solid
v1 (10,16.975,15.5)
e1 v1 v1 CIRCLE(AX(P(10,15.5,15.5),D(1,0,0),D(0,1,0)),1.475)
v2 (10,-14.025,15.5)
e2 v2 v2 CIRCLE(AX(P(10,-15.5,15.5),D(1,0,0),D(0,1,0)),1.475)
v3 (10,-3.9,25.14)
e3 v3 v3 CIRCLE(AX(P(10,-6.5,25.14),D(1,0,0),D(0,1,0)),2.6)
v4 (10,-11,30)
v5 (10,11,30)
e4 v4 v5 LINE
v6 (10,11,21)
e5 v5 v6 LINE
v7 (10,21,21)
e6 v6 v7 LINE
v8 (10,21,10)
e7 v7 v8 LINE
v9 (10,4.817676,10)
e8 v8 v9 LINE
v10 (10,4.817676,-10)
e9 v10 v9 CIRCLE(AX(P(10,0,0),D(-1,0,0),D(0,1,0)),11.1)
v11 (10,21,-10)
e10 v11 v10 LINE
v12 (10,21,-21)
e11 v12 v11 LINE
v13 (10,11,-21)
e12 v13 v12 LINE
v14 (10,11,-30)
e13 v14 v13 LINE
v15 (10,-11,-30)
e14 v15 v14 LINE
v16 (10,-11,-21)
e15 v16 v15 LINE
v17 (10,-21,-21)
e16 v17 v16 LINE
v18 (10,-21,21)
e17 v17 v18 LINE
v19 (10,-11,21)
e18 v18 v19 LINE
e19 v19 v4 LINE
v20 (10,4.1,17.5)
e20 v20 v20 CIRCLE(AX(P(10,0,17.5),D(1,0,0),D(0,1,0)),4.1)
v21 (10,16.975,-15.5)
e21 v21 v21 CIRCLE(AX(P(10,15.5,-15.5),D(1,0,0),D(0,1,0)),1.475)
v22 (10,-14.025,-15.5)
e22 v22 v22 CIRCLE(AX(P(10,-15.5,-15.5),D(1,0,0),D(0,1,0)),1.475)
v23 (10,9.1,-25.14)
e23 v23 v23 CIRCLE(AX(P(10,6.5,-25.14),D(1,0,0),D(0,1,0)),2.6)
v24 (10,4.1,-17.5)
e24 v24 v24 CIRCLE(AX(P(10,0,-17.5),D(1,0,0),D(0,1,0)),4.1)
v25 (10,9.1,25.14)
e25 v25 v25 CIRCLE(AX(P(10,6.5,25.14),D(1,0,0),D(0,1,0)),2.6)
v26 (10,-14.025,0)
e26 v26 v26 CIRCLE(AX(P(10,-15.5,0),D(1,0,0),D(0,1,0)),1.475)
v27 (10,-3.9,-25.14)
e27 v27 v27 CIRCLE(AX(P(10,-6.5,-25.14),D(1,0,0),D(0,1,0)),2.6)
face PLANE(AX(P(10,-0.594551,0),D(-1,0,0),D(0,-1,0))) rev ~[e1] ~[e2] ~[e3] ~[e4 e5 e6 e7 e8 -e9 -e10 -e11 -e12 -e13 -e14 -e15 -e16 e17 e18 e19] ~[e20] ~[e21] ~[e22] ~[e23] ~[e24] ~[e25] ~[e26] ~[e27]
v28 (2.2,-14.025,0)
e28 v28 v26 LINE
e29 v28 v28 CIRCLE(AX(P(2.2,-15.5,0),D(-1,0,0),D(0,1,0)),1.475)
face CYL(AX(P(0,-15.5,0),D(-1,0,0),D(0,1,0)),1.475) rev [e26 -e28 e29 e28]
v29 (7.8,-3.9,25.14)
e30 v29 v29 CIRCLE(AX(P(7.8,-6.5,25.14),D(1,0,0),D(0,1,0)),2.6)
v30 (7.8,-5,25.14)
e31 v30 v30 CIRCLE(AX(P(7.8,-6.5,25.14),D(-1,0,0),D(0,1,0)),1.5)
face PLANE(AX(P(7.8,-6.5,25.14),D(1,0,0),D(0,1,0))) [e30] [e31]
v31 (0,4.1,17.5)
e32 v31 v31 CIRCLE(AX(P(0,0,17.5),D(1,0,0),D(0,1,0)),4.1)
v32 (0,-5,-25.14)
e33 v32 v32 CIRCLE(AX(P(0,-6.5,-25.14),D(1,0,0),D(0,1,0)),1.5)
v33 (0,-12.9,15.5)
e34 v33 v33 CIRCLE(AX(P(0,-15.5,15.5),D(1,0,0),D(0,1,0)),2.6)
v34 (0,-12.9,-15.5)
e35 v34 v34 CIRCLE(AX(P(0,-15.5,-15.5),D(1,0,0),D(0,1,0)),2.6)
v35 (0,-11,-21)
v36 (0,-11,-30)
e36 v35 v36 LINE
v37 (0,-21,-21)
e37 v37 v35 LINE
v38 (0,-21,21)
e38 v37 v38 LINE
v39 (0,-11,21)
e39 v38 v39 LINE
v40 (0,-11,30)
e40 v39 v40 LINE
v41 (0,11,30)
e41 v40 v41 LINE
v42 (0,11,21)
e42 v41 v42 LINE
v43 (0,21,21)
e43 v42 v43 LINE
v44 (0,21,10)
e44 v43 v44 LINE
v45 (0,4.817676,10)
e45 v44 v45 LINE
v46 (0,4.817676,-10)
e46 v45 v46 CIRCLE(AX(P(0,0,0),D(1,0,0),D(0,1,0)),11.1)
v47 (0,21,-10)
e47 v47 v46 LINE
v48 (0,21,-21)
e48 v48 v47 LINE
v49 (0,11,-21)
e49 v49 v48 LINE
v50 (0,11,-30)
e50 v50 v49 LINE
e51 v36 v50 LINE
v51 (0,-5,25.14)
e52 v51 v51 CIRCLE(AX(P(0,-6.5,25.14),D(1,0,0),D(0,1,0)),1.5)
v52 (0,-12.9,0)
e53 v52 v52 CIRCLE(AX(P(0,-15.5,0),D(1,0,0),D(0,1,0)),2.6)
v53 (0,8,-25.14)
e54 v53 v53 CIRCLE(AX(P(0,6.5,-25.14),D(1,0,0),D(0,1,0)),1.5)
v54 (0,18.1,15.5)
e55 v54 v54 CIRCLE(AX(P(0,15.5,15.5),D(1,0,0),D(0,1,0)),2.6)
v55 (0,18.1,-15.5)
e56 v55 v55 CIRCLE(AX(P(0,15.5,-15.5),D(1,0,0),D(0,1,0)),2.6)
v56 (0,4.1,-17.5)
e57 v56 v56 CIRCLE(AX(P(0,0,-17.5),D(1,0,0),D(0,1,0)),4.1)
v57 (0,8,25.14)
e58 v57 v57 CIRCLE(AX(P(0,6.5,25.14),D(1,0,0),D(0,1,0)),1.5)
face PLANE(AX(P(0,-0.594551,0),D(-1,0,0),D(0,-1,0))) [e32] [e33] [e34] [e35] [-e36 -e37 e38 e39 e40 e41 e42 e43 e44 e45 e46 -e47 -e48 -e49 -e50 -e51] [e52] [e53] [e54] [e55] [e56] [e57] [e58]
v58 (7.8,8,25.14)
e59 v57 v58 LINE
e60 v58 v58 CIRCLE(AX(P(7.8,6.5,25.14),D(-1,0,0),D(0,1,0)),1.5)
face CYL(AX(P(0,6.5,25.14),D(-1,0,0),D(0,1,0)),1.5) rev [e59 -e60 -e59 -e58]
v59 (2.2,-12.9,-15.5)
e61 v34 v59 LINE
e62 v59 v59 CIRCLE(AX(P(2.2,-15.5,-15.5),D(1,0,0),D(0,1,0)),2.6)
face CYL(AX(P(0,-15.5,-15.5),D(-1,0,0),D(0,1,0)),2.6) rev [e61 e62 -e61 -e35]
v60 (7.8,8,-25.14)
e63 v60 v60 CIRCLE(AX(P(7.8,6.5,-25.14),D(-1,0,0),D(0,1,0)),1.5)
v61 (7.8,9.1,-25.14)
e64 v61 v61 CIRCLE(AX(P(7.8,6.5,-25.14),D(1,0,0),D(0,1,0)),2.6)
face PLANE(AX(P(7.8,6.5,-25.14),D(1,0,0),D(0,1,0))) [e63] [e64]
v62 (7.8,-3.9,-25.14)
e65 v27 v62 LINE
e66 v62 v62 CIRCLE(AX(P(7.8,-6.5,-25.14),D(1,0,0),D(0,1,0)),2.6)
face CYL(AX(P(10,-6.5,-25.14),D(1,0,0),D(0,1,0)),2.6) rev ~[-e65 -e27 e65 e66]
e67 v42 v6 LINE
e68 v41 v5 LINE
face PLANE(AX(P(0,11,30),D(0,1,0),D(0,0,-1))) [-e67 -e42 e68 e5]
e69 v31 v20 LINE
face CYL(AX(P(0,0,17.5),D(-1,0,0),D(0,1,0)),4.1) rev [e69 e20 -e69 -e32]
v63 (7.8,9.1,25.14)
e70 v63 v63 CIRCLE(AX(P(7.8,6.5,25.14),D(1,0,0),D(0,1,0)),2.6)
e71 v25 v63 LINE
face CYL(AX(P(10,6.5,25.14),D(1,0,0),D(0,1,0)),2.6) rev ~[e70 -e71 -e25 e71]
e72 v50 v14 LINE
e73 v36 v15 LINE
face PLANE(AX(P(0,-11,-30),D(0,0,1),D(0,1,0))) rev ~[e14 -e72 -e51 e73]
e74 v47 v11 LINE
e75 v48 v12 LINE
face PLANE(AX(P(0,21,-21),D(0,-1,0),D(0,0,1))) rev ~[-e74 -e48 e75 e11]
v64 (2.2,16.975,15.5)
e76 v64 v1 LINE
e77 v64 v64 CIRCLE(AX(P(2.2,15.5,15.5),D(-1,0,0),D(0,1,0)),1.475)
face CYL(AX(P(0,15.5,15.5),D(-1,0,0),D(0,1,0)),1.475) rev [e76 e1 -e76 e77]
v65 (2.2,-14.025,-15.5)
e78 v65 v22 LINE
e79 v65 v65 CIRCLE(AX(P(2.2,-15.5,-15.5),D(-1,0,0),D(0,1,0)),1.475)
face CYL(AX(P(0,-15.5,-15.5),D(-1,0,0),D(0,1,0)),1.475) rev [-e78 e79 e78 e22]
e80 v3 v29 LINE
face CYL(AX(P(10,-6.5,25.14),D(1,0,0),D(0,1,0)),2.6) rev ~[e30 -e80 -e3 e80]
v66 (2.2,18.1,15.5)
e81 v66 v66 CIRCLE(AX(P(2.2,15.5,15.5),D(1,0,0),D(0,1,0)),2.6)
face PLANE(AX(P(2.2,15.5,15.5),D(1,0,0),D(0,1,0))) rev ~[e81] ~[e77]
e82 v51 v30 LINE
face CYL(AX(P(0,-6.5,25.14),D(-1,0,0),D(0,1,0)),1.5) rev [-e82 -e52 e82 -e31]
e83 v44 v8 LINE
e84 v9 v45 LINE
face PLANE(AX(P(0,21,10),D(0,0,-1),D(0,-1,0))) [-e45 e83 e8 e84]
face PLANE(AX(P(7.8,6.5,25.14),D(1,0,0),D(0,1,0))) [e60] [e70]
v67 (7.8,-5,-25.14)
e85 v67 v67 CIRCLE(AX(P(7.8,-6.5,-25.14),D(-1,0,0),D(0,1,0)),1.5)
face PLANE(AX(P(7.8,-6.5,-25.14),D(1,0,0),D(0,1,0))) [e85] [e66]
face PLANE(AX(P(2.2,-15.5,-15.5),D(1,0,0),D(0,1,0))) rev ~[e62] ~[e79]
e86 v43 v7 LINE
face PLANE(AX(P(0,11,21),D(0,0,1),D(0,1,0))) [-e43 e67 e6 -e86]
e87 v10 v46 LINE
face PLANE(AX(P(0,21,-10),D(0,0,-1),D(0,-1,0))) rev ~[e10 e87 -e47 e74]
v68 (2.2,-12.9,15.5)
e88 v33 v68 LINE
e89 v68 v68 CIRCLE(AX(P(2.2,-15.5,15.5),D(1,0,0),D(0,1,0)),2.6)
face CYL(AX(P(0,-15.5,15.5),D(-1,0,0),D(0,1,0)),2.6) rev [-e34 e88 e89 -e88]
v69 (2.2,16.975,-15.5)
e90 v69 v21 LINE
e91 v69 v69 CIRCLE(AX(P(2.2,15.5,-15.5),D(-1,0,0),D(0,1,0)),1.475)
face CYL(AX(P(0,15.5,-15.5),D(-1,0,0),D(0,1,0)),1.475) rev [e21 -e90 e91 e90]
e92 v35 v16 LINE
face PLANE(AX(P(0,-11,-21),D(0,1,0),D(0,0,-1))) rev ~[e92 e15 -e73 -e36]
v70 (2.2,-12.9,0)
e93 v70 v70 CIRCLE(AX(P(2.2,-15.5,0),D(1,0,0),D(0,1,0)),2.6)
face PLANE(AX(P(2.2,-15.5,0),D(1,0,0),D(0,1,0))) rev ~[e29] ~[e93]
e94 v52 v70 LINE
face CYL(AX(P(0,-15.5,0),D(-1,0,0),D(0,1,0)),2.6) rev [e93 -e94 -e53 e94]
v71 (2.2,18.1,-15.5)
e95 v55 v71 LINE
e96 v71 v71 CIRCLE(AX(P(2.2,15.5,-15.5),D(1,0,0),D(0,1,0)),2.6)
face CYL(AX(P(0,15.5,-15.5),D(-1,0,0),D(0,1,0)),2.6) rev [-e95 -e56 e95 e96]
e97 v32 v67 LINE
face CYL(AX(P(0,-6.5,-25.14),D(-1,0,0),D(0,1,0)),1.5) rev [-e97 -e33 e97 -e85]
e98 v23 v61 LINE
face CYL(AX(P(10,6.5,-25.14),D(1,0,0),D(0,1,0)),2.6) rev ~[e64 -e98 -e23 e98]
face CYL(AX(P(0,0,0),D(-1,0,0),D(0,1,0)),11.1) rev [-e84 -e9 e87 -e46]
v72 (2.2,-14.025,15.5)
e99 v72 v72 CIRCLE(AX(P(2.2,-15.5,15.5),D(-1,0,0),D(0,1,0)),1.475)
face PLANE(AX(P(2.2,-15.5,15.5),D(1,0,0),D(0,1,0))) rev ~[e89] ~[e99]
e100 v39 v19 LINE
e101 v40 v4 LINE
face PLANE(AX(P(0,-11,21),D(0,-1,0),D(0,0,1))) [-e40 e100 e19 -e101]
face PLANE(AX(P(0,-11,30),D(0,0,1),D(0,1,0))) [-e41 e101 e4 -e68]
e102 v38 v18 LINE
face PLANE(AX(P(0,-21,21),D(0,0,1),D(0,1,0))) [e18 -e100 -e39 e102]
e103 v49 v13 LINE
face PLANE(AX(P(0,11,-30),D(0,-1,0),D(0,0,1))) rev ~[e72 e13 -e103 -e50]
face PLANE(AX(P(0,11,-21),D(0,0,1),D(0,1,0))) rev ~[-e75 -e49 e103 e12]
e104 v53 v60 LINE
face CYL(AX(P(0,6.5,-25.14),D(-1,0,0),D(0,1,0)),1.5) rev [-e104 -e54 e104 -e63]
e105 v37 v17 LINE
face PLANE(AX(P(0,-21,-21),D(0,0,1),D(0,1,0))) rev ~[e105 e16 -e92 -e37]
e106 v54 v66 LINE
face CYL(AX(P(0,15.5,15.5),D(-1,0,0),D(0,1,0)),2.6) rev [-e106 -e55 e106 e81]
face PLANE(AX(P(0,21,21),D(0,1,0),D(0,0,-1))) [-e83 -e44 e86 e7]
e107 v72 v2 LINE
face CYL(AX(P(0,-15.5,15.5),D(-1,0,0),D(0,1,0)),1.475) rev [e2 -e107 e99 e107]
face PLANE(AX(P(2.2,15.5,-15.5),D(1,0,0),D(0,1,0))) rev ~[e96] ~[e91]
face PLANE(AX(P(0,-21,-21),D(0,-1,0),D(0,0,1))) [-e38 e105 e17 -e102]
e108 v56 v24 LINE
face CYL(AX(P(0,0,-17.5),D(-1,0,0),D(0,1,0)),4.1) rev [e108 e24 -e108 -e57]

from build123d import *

# Parameters (mm, degrees)
SKETCH045_R     = 1.475
SKETCH045_R_2   = 4.1
SKETCH045_R_3   = 1.5
PAD013_DEPTH    = 10
SKETCH047_R     = 11.1
POCKET028_DEPTH = 10.001
SKETCH046_R     = 2.6
POCKET029_DEPTH = 2.2
SKETCH048_R     = 2.6
POCKET030_DEPTH = 2.2


with BuildPart() as part:
    # Sketch045 → Pad013 (new body)
    with BuildSketch(Plane.YZ):
        with BuildLine():
            Line((-21, -21), (-21, 21))
            Line((-21, 21), (-11, 21))
            Line((-11, 21), (-11, 30))
            Line((-11, 30), (11, 30))
            Line((11, 30), (11, 21))
            Line((11, 21), (21, 21))
            Line((21, 21), (21, 10))
            Line((21, 10), (0, 10))
            ThreePointArc((0, 10), (-10, 0), (0, -10))
            Line((21, -10), (0, -10))
            Line((21, -21), (21, -10))
            Line((11, -21), (21, -21))
            Line((11, -30), (11, -21))
            Line((-11, -30), (11, -30))
            Line((-11, -21), (-11, -30))
            Line((-21, -21), (-11, -21))
        make_face()
        with Locations((-15.5, 15.5)):
            Circle(SKETCH045_R, mode=Mode.SUBTRACT)
        with Locations((15.5, 15.5)):
            Circle(SKETCH045_R, mode=Mode.SUBTRACT)
        with Locations((-15.5, -15.5)):
            Circle(SKETCH045_R, mode=Mode.SUBTRACT)
        with Locations((15.5, -15.5)):
            Circle(SKETCH045_R, mode=Mode.SUBTRACT)
        with Locations((-15.5, 0)):
            Circle(SKETCH045_R, mode=Mode.SUBTRACT)
        with Locations((0, 17.5)):
            Circle(SKETCH045_R_2, mode=Mode.SUBTRACT)
        with Locations((0, -17.5)):
            Circle(SKETCH045_R_2, mode=Mode.SUBTRACT)
        with Locations((-6.5, 25.14)):
            Circle(SKETCH045_R_3, mode=Mode.SUBTRACT)
        with Locations((6.5, 25.14)):
            Circle(SKETCH045_R_3, mode=Mode.SUBTRACT)
        with Locations((-6.5, -25.14)):
            Circle(SKETCH045_R_3, mode=Mode.SUBTRACT)
        with Locations((6.5, -25.14)):
            Circle(SKETCH045_R_3, mode=Mode.SUBTRACT)
    extrude(amount=PAD013_DEPTH)

    # Sketch047 → Pocket028 (cut, through all)
    with BuildSketch(Plane.YZ):
        Circle(SKETCH047_R)
    extrude(amount=POCKET028_DEPTH, mode=Mode.SUBTRACT)

    # Sketch046 → Pocket029 (cut)
    with BuildSketch(Plane.YZ.offset(10)):
        with Locations((-6.5, 25.14)):
            Circle(SKETCH046_R)
        with Locations((6.5, 25.14)):
            Circle(SKETCH046_R)
        with Locations((-6.5, -25.14)):
            Circle(SKETCH046_R)
        with Locations((6.5, -25.14)):
            Circle(SKETCH046_R)
    extrude(amount=-POCKET029_DEPTH, mode=Mode.SUBTRACT)

    # Sketch048 → Pocket030 (cut)
    with BuildSketch(Plane.YZ):
        with Locations((-15.5, 15.5)):
            Circle(SKETCH048_R)
        with Locations((-15.5, 0)):
            Circle(SKETCH048_R)
        with Locations((-15.5, -15.5)):
            Circle(SKETCH048_R)
        with Locations((15.5, -15.5)):
            Circle(SKETCH048_R)
        with Locations((15.5, 15.5)):
            Circle(SKETCH048_R)
    extrude(amount=POCKET030_DEPTH, mode=Mode.SUBTRACT)


solid = part.part
